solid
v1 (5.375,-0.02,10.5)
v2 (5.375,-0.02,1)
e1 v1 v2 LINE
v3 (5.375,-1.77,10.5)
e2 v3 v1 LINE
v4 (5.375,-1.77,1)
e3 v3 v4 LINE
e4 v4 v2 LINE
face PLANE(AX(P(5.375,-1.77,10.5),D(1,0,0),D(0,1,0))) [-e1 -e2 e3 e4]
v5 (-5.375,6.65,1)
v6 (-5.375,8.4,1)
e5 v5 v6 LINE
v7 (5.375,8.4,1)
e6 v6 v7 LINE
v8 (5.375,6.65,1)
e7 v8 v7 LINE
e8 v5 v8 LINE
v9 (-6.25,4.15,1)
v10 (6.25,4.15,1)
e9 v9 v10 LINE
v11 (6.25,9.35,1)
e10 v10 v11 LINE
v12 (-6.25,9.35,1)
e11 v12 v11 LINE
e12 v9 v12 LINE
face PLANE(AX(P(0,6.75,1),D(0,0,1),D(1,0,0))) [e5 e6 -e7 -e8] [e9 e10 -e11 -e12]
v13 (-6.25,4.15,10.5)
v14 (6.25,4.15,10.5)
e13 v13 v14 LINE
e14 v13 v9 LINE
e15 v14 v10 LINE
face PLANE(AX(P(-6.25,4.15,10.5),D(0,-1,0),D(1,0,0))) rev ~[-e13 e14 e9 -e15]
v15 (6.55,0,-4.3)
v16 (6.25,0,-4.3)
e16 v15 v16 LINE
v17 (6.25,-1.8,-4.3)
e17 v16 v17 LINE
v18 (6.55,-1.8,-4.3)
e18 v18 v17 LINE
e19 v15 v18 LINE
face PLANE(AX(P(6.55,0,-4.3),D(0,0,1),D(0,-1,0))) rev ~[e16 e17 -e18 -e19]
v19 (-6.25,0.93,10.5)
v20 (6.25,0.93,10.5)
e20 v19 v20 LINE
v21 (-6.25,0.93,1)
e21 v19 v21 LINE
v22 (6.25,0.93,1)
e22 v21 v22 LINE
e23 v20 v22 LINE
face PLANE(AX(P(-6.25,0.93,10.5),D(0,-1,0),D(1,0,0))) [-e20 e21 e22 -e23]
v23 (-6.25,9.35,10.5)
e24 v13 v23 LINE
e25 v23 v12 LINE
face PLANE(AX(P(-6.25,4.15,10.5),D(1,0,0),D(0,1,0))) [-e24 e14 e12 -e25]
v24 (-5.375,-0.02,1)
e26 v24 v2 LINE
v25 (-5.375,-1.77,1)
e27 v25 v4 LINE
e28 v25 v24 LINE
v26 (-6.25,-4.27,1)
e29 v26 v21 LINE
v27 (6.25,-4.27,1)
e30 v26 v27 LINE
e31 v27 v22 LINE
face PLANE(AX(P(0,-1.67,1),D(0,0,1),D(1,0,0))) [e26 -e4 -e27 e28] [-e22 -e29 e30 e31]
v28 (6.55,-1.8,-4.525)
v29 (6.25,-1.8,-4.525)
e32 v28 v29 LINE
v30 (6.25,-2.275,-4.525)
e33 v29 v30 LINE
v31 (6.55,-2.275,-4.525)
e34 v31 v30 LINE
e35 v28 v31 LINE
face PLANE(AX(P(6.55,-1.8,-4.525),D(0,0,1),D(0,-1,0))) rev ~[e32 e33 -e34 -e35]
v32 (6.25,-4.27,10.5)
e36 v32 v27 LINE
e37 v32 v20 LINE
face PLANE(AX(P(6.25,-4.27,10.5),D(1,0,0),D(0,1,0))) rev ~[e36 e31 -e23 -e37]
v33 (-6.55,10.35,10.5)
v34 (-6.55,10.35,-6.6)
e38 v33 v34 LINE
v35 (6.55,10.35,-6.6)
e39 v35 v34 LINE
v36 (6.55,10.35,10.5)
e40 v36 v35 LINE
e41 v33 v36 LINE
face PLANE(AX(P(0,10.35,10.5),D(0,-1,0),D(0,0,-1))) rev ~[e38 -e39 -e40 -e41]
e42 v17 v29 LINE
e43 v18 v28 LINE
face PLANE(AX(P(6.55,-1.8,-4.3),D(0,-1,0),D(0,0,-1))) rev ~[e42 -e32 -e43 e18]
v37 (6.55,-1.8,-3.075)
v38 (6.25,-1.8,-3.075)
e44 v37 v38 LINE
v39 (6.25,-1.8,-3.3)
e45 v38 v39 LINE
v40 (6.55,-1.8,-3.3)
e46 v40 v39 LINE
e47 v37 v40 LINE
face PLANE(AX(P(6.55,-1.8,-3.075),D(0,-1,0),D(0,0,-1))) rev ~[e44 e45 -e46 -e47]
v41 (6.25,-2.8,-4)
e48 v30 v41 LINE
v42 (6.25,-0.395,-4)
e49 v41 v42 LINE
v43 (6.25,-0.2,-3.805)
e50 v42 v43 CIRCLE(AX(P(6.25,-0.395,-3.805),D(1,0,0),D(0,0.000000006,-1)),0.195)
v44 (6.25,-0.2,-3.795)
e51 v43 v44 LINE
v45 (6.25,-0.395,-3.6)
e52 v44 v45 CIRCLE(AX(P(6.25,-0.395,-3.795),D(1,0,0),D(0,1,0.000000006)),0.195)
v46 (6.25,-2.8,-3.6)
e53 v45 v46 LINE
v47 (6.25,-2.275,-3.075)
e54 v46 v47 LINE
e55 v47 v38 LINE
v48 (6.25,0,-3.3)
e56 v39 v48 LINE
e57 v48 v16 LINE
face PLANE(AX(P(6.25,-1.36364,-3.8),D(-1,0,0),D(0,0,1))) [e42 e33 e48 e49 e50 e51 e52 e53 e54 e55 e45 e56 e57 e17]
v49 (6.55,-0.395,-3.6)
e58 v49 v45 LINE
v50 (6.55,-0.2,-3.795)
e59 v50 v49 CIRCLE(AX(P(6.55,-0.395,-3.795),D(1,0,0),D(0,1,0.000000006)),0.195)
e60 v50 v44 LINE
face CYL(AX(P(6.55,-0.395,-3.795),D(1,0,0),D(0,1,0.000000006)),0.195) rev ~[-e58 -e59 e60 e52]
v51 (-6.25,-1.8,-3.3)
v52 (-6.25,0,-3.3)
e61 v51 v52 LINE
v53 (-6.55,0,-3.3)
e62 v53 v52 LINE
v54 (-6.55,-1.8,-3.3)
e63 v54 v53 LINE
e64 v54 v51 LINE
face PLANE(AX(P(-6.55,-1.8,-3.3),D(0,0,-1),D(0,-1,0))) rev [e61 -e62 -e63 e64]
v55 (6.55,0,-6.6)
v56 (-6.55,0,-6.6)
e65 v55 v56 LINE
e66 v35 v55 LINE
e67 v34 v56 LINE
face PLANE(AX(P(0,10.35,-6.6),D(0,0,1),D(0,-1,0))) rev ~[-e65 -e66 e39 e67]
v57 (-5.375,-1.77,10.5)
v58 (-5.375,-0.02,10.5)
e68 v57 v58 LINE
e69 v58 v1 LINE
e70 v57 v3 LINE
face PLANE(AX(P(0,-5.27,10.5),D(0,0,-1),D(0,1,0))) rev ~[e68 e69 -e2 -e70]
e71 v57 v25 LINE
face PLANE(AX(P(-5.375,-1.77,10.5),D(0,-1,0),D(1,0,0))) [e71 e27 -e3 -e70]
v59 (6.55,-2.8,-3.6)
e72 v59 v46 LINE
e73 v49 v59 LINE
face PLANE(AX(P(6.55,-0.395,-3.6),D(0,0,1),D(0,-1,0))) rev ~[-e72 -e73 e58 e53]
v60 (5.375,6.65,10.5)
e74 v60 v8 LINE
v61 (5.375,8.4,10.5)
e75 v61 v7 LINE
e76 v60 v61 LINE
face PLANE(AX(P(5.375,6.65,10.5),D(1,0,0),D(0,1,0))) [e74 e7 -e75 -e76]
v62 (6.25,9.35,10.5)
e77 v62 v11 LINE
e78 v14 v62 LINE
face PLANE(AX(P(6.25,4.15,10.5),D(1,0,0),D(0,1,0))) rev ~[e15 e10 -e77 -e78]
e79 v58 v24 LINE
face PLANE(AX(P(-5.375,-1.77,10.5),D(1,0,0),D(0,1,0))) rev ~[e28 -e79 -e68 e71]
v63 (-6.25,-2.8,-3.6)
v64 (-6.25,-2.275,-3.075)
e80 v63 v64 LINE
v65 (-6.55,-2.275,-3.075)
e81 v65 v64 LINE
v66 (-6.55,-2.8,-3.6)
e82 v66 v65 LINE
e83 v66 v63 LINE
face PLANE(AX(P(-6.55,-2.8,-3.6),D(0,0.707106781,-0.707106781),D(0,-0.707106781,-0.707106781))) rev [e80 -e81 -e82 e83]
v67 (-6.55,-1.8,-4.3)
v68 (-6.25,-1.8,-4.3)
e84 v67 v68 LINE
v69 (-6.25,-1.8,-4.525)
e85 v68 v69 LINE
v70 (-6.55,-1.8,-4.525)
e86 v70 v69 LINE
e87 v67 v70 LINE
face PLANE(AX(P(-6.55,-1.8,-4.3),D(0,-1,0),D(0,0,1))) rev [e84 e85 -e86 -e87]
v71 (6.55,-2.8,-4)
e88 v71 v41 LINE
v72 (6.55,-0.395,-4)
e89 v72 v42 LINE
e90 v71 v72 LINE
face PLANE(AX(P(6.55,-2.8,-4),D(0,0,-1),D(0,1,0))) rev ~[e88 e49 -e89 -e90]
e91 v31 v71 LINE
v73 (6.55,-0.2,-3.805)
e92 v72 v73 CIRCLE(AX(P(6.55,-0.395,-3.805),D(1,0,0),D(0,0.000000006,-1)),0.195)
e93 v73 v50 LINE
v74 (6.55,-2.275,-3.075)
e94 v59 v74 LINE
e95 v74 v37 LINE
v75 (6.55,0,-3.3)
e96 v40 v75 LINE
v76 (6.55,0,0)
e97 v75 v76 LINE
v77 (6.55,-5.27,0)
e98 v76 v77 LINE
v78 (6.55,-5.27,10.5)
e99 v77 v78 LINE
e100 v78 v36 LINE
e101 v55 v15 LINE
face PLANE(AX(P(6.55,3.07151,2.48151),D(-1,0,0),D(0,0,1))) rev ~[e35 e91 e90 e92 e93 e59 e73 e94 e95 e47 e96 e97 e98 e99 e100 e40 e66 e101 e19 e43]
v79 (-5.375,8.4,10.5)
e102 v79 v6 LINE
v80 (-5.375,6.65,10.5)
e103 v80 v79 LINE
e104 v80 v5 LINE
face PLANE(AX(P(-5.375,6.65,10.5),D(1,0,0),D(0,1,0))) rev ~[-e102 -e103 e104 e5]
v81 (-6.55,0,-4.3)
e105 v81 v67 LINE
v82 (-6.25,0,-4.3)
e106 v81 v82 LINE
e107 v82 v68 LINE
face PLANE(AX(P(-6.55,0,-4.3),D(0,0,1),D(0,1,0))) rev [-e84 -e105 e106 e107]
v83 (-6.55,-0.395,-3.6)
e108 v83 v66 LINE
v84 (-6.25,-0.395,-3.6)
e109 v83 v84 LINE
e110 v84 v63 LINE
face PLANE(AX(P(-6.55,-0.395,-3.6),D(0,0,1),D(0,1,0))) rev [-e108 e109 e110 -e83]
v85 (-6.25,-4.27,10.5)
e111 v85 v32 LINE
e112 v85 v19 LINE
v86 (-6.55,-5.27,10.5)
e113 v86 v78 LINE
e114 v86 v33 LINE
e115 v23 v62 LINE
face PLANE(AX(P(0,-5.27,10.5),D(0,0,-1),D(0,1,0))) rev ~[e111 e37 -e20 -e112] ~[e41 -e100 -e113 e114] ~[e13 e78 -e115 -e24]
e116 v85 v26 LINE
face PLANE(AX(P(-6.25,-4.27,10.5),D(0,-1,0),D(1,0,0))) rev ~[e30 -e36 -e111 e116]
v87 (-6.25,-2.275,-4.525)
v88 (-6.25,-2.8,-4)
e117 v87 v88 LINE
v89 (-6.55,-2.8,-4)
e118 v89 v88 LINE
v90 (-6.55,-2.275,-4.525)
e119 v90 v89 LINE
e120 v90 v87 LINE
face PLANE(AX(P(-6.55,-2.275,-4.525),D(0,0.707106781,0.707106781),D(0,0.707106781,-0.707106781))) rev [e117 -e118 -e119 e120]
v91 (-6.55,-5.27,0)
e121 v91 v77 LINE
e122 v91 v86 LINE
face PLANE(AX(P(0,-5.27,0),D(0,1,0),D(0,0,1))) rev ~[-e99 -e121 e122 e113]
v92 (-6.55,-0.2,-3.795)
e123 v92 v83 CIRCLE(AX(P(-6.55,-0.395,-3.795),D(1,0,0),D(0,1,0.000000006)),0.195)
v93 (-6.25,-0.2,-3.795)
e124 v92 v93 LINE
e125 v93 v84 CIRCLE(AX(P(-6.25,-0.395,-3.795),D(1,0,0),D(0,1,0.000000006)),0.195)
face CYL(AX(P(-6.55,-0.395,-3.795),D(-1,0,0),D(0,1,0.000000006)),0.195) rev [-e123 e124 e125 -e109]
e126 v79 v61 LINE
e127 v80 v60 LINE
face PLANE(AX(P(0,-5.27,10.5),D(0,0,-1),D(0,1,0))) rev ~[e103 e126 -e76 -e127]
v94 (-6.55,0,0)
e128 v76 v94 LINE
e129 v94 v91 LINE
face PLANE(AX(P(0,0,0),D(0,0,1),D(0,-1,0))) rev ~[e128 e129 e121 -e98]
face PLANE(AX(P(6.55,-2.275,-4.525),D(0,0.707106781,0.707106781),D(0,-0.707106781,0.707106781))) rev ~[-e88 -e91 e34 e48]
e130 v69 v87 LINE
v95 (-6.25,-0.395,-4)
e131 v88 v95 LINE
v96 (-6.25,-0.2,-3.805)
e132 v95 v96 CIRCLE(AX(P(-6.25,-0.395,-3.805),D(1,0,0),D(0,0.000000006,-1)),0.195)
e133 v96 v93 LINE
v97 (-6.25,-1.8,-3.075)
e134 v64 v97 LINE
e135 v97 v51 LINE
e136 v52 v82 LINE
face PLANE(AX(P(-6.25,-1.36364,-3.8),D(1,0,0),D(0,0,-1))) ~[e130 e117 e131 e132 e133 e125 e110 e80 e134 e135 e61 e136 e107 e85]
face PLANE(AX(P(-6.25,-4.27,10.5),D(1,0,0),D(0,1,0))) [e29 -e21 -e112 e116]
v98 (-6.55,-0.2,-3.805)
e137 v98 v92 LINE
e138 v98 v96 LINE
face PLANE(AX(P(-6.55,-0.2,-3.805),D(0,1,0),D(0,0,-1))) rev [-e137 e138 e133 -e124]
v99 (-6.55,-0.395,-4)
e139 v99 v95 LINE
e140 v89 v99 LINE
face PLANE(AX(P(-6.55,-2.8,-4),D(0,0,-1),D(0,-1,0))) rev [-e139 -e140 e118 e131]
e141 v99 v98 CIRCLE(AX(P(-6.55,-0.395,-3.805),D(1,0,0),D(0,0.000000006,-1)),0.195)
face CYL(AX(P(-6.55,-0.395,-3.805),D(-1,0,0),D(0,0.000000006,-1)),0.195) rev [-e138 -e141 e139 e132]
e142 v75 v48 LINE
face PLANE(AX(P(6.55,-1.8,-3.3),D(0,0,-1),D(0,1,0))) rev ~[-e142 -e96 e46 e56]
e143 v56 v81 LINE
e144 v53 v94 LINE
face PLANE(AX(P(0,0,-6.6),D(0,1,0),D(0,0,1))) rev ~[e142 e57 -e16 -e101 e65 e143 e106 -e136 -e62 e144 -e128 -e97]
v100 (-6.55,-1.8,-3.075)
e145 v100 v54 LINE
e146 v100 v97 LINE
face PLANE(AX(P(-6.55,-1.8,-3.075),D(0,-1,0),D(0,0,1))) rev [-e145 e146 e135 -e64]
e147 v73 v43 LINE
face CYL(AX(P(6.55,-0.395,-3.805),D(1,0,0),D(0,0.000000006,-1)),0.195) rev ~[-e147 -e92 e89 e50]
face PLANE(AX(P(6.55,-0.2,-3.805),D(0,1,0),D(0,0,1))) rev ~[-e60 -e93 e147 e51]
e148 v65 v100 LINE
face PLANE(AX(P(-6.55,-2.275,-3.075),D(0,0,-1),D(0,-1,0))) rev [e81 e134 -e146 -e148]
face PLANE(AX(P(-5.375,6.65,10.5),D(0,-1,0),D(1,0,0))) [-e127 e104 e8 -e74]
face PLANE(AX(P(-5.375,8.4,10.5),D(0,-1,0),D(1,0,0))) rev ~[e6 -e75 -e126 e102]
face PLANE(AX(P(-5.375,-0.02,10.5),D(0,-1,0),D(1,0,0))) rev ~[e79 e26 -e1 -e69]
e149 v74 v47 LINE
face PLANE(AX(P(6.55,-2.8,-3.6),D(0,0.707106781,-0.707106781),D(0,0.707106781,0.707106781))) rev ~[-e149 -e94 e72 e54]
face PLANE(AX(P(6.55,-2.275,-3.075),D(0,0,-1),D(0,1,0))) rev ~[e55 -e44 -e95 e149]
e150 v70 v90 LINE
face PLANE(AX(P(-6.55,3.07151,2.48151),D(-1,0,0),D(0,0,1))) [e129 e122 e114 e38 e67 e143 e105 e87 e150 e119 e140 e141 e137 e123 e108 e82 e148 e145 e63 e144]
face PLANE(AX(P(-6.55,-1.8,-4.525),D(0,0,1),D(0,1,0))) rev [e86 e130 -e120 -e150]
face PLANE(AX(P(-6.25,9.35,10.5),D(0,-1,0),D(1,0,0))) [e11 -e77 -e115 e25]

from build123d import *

# Parameters (mm, degrees)
BOSS_EXTRUDE1_DEPTH      = 6.55
BOSS_EXTRUDE1_DEPTH_BACK = 6.55
SKETCH2_W                = 12.5
SKETCH2_H                = 5.2
SKETCH2_W_2              = 10.75
SKETCH2_H_2              = 1.75
CUT_EXTRUDE1_DEPTH       = 9.5
BOSS_EXTRUDE2_DEPTH      = 0.3


with BuildPart() as part:
    # Sketch1 → Boss-Extrude1 (new body, two sides)
    with BuildSketch(Plane(origin=(0, 0, 0), x_dir=(0, 0, -1), z_dir=(1, 0, 0))) as boss_extrude1_sk:
        Polygon((-10.5, 10.35), (6.6, 10.35), (6.6, 0), (0, 0), (0, -5.27), (-10.5, -5.27), align=None)
    extrude(amount=BOSS_EXTRUDE1_DEPTH)
    extrude(boss_extrude1_sk.sketch, amount=-BOSS_EXTRUDE1_DEPTH_BACK)

    # Sketch2 → Cut-Extrude1 (cut)
    with BuildSketch(Plane.XY.offset(10.5)):
        with Locations((0, 6.75)):
            Rectangle(SKETCH2_W, SKETCH2_H)
        with Locations((0, 7.525)):
            Rectangle(SKETCH2_W_2, SKETCH2_H_2, mode=Mode.SUBTRACT)
        with Locations((0, -1.67)):
            Rectangle(SKETCH2_W, SKETCH2_H)
        with Locations((0, -0.895)):
            Rectangle(SKETCH2_W_2, SKETCH2_H_2, mode=Mode.SUBTRACT)
    extrude(amount=-CUT_EXTRUDE1_DEPTH, mode=Mode.SUBTRACT)

    # Sketch3 → Boss-Extrude2 (add)
    with BuildSketch(Plane(origin=(6.55, 0, 0), x_dir=(0, 0, -1), z_dir=(1, 0, 0))):
        with BuildLine():
            Line((3.6, -2.8), (3.075, -2.275))
            Line((3.075, -2.275), (3.075, -1.8))
            Line((3.075, -1.8), (3.3, -1.8))
            Line((3.3, -1.8), (3.3, 0))
            Line((3.3, 0), (4.3, 0))
            Line((4.3, 0), (4.3, -1.8))
            Line((4.3, -1.8), (4.525, -1.8))
            Line((4.525, -1.8), (4.525, -2.275))
            Line((4.525, -2.275), (4, -2.8))
            Line((4, -2.8), (4, -0.395))
            ThreePointArc((4, -0.395), (3.942885822, -0.257114178), (3.805, -0.2))
            Line((3.805, -0.2), (3.795, -0.2))
            ThreePointArc((3.795, -0.2), (3.657114178, -0.257114178), (3.6, -0.395))
            Line((3.6, -0.395), (3.6, -2.8))
        make_face()
    boss_extrude2 = extrude(amount=-BOSS_EXTRUDE2_DEPTH)

    # Mirror1: Boss-Extrude2 across plane
    add(boss_extrude2.mirror(Plane(origin=(0, 0, 0), x_dir=(0, 0, 1), z_dir=(1, 0, 0))))


solid = part.part
